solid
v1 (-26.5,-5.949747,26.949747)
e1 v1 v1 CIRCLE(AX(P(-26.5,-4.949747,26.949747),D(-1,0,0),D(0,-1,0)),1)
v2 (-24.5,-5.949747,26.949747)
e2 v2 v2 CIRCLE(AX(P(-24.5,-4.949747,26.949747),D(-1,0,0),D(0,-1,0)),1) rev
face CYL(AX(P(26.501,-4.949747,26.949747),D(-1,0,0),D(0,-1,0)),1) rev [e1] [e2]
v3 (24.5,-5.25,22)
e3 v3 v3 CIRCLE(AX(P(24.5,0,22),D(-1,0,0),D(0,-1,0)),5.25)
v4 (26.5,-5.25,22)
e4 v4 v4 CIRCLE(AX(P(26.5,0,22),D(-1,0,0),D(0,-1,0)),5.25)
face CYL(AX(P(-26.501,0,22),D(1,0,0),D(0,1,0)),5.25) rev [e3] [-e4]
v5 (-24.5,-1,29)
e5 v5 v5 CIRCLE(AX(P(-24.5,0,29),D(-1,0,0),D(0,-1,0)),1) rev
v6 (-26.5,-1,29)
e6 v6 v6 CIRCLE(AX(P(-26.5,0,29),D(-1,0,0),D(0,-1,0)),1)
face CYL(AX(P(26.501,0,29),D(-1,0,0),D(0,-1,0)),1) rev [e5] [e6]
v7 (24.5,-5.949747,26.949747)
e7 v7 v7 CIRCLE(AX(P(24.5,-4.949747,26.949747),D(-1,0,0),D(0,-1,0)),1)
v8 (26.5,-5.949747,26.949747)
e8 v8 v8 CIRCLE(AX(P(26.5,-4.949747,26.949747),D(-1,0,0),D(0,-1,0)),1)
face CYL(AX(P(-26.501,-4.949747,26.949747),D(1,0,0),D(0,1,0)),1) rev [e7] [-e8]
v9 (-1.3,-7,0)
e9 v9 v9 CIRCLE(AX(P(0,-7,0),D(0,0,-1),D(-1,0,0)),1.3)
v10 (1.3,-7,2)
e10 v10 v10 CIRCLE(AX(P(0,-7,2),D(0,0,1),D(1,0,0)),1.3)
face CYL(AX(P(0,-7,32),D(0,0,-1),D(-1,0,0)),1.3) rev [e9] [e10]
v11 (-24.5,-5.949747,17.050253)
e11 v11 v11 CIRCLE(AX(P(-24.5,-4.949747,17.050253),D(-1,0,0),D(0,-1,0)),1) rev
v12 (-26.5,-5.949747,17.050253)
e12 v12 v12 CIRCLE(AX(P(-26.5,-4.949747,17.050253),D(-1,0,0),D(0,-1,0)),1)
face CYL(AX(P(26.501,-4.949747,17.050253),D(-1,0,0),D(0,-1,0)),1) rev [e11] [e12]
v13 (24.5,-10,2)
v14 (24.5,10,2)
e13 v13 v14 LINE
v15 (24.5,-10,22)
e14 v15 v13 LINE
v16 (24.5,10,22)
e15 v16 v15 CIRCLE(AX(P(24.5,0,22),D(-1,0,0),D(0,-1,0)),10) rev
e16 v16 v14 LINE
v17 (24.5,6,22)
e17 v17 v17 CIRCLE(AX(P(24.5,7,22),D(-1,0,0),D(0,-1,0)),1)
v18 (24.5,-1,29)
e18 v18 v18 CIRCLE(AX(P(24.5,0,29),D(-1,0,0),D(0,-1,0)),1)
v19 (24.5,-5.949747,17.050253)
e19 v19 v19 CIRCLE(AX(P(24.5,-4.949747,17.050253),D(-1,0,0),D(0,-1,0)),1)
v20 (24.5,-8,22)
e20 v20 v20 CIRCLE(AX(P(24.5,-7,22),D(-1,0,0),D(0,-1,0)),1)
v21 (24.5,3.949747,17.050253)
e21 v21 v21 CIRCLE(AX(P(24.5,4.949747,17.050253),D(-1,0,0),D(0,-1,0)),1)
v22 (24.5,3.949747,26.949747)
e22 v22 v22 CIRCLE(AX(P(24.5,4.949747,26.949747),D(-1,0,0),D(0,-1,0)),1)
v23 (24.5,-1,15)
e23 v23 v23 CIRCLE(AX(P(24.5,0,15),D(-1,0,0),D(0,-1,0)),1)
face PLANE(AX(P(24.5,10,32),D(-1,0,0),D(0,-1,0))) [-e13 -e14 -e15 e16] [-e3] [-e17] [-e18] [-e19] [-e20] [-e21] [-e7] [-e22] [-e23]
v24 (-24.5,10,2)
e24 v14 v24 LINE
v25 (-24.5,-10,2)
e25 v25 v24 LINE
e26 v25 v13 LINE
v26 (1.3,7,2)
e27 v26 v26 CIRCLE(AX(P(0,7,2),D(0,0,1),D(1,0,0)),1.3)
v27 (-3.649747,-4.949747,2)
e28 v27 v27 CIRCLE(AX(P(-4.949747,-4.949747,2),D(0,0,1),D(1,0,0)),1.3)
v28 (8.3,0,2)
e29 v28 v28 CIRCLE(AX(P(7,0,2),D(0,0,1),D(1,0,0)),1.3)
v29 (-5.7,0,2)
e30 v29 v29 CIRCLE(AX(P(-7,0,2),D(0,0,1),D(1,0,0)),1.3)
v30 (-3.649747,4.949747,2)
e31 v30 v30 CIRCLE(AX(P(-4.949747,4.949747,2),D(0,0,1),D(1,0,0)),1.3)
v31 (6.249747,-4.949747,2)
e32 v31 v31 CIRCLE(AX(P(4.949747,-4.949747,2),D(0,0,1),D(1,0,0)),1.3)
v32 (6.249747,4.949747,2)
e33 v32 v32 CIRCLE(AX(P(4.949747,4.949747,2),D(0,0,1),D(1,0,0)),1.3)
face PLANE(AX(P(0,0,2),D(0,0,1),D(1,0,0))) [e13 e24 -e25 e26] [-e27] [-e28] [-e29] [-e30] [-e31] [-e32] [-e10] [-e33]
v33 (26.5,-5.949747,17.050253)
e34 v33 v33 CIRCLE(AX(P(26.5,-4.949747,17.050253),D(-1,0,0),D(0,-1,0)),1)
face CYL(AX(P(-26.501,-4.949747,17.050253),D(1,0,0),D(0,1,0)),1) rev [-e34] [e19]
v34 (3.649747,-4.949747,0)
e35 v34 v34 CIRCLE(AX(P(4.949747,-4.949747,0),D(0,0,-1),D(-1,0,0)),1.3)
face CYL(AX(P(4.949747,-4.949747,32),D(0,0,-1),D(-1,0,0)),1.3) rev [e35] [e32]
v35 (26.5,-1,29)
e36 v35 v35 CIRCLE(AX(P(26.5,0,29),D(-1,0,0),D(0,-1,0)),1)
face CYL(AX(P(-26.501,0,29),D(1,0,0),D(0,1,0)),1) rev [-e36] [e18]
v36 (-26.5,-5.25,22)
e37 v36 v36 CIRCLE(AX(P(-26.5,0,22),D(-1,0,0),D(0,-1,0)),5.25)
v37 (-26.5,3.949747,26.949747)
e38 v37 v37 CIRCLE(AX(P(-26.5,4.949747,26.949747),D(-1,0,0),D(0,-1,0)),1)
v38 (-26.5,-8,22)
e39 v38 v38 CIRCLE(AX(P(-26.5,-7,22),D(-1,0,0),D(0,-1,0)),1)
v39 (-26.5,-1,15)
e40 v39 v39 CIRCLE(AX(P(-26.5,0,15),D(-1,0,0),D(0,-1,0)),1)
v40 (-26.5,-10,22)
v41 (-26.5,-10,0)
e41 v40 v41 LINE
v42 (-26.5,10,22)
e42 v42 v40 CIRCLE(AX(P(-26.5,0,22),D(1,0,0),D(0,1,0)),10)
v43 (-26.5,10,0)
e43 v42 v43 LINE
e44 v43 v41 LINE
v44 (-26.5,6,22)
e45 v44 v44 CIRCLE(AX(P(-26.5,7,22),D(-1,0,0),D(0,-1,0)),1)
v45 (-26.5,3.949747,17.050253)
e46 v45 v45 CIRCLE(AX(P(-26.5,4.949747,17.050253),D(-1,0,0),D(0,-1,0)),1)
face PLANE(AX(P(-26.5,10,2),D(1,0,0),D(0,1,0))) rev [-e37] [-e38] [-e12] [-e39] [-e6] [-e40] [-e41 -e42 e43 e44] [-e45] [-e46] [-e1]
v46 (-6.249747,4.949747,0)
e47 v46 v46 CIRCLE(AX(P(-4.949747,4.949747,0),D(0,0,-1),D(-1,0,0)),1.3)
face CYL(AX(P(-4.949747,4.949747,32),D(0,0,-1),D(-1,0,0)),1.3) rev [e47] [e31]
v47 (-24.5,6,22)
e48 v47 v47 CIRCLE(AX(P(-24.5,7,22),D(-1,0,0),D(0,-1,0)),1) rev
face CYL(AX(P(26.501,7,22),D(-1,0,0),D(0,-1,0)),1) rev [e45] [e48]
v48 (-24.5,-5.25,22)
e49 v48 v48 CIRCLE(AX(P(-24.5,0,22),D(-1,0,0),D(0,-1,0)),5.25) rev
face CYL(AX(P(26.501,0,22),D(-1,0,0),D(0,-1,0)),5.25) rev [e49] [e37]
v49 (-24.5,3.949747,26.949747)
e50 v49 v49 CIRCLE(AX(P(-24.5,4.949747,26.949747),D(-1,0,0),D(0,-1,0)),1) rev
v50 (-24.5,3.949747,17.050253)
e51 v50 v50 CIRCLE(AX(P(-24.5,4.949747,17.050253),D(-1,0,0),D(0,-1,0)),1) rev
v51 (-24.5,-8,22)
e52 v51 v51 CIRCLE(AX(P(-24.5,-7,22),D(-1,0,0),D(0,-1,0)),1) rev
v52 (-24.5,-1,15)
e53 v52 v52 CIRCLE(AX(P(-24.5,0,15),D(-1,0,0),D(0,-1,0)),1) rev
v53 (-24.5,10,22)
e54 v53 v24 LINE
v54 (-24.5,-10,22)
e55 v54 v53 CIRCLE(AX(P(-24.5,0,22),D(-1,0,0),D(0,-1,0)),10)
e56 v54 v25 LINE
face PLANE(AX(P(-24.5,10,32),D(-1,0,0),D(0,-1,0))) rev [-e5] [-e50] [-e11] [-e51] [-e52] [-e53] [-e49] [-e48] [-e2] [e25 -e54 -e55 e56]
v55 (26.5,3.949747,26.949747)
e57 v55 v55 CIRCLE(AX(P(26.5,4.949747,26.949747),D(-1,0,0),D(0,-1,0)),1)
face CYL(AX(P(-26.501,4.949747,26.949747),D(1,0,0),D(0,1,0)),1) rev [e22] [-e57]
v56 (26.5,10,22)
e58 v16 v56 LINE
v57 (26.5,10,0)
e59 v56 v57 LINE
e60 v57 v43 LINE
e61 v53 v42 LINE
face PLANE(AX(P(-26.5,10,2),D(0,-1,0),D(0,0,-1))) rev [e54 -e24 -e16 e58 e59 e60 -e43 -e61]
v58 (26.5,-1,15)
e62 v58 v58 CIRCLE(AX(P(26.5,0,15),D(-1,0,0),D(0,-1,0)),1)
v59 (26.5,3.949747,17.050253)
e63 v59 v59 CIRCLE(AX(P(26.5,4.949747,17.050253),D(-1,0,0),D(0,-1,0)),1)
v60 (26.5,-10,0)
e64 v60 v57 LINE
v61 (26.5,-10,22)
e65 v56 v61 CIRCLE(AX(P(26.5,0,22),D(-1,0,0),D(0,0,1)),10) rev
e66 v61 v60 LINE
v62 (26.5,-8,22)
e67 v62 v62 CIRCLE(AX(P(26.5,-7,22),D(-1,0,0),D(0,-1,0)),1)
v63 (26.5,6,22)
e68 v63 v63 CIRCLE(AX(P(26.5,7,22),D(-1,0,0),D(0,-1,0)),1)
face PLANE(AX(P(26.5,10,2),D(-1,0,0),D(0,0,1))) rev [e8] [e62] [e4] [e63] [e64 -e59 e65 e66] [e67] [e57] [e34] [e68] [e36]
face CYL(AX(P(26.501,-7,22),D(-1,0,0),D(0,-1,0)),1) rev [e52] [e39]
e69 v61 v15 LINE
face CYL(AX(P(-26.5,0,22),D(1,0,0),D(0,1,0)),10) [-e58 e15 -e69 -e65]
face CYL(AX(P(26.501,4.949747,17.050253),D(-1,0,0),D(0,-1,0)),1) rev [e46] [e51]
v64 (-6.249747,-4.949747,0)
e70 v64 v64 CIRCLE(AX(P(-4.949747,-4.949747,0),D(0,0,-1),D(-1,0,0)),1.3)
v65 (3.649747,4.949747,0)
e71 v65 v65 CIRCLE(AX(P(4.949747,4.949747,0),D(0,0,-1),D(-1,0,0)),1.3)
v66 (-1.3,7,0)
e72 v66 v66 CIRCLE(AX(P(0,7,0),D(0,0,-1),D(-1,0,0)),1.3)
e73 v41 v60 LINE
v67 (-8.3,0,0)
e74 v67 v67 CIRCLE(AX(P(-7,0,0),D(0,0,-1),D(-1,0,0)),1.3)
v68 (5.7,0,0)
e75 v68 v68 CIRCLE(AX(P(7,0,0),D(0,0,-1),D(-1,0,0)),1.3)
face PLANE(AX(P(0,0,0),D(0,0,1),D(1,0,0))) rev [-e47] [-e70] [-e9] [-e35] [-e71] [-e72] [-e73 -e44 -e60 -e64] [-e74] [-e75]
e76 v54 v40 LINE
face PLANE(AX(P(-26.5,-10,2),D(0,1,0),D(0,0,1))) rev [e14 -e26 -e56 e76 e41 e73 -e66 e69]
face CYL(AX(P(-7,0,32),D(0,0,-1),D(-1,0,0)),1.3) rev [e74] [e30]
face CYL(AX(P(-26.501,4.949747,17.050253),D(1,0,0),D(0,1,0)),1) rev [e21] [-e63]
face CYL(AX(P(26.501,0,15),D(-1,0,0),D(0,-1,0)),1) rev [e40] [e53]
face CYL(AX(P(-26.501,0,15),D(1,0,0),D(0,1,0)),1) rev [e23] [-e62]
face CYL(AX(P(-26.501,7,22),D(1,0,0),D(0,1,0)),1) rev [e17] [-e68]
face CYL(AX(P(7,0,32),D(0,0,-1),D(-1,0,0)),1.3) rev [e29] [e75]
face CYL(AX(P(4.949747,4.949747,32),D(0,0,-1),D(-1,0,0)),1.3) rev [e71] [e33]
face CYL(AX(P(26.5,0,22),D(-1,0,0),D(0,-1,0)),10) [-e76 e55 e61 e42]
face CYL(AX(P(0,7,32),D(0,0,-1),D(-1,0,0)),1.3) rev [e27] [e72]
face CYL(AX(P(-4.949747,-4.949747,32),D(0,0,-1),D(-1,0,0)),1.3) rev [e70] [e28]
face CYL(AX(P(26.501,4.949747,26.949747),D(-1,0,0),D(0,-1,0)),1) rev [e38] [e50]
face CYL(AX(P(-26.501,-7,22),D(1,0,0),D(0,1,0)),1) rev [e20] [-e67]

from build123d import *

# Parameters (mm, degrees)
SKETCH_1_W          = 53
SKETCH_1_H          = 20
EXTRUDE_1_DEPTH     = 2
SKETCH_2_W          = 2
SKETCH_2_H          = 20
EXTRUDE_2_DEPTH     = 30
CUT_EXTRUDE_START   = -30
CUT_EXTRUDE_1_DEPTH = 82
SKETCH_4_R          = 1
SKETCH_4_R_2        = 5.25
CUT_EXTRUDE_2_DEPTH = 2
SKETCH_5_R          = 1.3
CUT_EXTRUDE_3_DEPTH = 33


with BuildPart() as part:
    # 草圖1 → 填料-伸長1 (new body)
    with BuildSketch(Plane.XY):
        Rectangle(SKETCH_1_W, SKETCH_1_H)
    extrude(amount=EXTRUDE_1_DEPTH)

    # 草圖2 → 填料-伸長2 (add)
    with BuildSketch(Plane.XY.offset(2)):
        with Locations((-25.5, 0)):
            Rectangle(SKETCH_2_W, SKETCH_2_H)
    extrude_2 = extrude(amount=EXTRUDE_2_DEPTH)

    # 草圖3 → 除料-伸長1 (cut)
    with BuildSketch(Plane(origin=(-24.5, 0, 0), x_dir=(0, 0, -1), z_dir=(1, 0, 0)).offset(CUT_EXTRUDE_START)):
        with BuildLine():
            Line((-32, 10), (-32, 0))
            ThreePointArc((-32, 0), (-29.071067812, 7.071067812), (-22, 10))
            Line((-22, 10), (-32, 10))
        make_face()
        with BuildLine():
            Line((-32, -10), (-22, -10))
            ThreePointArc((-22, -10), (-29.071067812, -7.071067812), (-32, 0))
            Line((-32, 0), (-32, -10))
        make_face()
    cut_extrude_1 = extrude(amount=CUT_EXTRUDE_1_DEPTH, mode=Mode.SUBTRACT)

    # 草圖4 → 除料-伸長2 (cut)
    with BuildSketch(Plane.ZY.offset(26.5)):
        with Locations((29, 0)):
            Circle(SKETCH_4_R)
        with Locations((26.949747468, -4.949747468)):
            Circle(SKETCH_4_R)
        with Locations((22, -7)):
            Circle(SKETCH_4_R)
        with Locations((17.050252532, -4.949747468)):
            Circle(SKETCH_4_R)
        with Locations((15, 0)):
            Circle(SKETCH_4_R)
        with Locations((17.050252532, 4.949747468)):
            Circle(SKETCH_4_R)
        with Locations((22, 7)):
            Circle(SKETCH_4_R)
        with Locations((26.949747468, 4.949747468)):
            Circle(SKETCH_4_R)
        with Locations((22, 0)):
            Circle(SKETCH_4_R_2)
    cut_extrude_2 = extrude(amount=-CUT_EXTRUDE_2_DEPTH, mode=Mode.SUBTRACT)

    # 鏡射1: 填料-伸長2, 除料-伸長1, 除料-伸長2 across plane
    add(extrude_2.mirror(Plane(origin=(0, 0, 0), x_dir=(0, 0, 1), z_dir=(1, 0, 0))))
    add(cut_extrude_1.mirror(Plane(origin=(0, 0, 0), x_dir=(0, 0, 1), z_dir=(1, 0, 0))), mode=Mode.SUBTRACT)
    add(cut_extrude_2.mirror(Plane(origin=(0, 0, 0), x_dir=(0, 0, 1), z_dir=(1, 0, 0))), mode=Mode.SUBTRACT)

    # 草圖5 → 除料-伸長3 (cut, through all)
    with BuildSketch(Plane(origin=(0, 0, 0), x_dir=(-1, 0, 0), z_dir=(0, 0, -1))):
        with Locations((-7, 0)):
            Circle(SKETCH_5_R)
        with Locations((-4.949747468, 4.949747468)):
            Circle(SKETCH_5_R)
        with Locations((0, 7)):
            Circle(SKETCH_5_R)
        with Locations((4.949747468, 4.949747468)):
            Circle(SKETCH_5_R)
        with Locations((7, 0)):
            Circle(SKETCH_5_R)
        with Locations((4.949747468, -4.949747468)):
            Circle(SKETCH_5_R)
        with Locations((0, -7)):
            Circle(SKETCH_5_R)
        with Locations((-4.949747468, -4.949747468)):
            Circle(SKETCH_5_R)
    extrude(amount=-CUT_EXTRUDE_3_DEPTH, mode=Mode.SUBTRACT)


solid = part.part
